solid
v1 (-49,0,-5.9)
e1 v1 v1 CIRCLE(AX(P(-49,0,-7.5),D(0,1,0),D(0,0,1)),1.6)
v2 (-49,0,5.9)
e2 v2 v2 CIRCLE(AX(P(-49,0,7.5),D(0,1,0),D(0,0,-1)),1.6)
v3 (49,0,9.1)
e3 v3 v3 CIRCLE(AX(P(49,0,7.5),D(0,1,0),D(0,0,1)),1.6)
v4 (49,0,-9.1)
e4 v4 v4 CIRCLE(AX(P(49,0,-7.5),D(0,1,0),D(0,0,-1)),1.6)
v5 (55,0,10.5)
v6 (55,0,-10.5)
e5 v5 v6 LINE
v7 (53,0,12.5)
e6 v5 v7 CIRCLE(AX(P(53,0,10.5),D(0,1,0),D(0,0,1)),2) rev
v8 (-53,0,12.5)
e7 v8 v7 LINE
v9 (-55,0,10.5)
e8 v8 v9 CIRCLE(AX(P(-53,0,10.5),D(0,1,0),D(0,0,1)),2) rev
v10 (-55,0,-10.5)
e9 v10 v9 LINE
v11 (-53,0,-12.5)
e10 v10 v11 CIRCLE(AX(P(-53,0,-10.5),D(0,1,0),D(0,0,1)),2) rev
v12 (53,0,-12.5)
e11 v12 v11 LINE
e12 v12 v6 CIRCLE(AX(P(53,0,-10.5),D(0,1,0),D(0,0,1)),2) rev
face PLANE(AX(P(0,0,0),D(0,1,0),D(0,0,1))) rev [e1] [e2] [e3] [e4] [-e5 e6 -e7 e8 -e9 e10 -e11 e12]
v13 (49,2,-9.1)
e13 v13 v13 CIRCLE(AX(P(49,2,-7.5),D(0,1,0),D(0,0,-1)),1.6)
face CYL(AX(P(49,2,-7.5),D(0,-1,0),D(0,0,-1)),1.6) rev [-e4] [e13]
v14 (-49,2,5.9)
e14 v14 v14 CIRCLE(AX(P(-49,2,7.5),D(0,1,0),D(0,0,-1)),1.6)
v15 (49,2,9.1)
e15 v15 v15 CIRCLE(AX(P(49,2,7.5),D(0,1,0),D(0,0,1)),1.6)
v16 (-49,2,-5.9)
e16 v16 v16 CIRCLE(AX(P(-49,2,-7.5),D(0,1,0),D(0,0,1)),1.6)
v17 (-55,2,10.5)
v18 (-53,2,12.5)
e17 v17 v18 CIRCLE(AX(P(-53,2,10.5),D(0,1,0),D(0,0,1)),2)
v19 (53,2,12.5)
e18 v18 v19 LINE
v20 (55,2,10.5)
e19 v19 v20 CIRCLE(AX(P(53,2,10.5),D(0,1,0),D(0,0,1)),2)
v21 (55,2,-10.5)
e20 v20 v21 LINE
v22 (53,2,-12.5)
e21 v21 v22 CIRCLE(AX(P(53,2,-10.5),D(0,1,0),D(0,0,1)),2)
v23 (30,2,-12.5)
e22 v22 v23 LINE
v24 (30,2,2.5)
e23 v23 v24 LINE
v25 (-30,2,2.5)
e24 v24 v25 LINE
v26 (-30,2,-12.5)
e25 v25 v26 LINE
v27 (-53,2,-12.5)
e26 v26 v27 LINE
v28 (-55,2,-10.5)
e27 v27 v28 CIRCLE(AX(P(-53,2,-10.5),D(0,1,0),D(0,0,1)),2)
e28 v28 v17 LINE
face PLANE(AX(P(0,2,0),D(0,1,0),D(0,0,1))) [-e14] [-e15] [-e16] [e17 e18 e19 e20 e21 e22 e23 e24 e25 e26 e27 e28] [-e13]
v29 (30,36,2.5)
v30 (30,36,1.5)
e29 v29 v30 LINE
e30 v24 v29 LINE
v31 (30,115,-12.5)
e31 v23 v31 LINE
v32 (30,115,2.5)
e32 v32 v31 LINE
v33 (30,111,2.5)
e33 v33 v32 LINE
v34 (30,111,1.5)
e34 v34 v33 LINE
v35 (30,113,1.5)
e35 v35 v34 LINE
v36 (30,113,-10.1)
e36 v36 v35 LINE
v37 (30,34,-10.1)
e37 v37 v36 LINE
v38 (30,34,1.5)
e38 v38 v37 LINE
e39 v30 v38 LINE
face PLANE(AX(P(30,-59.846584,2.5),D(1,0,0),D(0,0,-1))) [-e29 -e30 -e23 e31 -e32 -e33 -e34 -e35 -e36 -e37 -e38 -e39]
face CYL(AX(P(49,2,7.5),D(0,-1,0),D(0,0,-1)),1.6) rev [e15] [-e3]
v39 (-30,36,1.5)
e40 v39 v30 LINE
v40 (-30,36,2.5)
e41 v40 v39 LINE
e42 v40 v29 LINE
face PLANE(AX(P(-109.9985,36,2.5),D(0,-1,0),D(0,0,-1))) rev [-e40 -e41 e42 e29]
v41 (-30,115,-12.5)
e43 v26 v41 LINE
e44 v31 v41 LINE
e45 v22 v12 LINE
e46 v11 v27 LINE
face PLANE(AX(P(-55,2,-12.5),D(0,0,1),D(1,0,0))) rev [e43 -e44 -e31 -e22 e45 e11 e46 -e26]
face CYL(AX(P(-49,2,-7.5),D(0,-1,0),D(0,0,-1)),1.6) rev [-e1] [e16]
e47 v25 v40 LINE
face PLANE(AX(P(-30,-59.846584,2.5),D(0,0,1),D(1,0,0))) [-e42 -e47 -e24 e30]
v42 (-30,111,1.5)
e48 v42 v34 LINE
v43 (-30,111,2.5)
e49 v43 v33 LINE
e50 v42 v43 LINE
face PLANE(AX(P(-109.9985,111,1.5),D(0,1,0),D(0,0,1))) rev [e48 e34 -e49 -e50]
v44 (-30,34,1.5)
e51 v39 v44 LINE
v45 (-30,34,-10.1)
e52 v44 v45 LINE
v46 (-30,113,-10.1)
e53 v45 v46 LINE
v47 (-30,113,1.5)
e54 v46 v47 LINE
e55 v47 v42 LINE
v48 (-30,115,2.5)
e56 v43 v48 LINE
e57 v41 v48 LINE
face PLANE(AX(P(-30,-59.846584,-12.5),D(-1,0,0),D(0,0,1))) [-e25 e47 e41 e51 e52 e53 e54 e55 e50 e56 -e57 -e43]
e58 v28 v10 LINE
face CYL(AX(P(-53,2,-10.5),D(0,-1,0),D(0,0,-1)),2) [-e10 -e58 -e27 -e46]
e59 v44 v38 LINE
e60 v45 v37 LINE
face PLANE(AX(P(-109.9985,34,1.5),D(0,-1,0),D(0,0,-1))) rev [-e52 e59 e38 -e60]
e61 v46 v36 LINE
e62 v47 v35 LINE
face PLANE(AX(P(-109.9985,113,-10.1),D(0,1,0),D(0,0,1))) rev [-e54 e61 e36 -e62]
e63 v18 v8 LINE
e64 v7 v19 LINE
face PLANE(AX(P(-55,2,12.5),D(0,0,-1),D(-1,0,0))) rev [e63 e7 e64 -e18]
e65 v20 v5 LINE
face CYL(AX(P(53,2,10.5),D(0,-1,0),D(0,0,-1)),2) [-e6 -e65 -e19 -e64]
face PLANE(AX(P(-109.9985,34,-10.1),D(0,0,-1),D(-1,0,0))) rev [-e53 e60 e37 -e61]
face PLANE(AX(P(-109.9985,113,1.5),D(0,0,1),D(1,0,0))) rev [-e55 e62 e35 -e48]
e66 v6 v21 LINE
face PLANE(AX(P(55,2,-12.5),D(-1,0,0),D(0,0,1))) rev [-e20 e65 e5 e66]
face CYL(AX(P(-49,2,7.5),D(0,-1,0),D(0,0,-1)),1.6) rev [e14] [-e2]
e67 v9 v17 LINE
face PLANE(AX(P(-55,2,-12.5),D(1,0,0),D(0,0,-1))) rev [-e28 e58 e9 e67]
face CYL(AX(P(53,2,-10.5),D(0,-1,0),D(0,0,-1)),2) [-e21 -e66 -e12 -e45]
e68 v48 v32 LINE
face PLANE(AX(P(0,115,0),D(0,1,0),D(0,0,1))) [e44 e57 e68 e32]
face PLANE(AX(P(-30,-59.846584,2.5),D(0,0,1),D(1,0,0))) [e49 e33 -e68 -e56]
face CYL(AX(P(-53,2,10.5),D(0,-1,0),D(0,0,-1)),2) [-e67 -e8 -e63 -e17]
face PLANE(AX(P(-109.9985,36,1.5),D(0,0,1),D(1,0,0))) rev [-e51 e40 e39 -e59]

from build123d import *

# Parameters (mm, degrees)
SKETCH_1_W          = 110
SKETCH_1_H          = 25
SKETCH_1_R          = 1.6
EXTRUDE_1_DEPTH     = 2
SKETCH_2_W          = 60
SKETCH_2_H          = 15
EXTRUDE_2_DEPTH     = 113
CUT_EXTRUDE_1_DEPTH = 60
FILLET_1_R          = 2
FILLET_2_R          = 2
FILLET_3_R          = 2
FILLET_4_R          = 2


with BuildPart() as part:
    # 草图1 → 凸台-拉伸1 (new body)
    with BuildSketch(Plane(origin=(0, 0, 0), x_dir=(1, 0, 0), z_dir=(0, 1, 0))):
        Rectangle(SKETCH_1_W, SKETCH_1_H)
        with Locations(Location((-49, 7.5, 0), (0, 0, 270))):
            Circle(SKETCH_1_R, mode=Mode.SUBTRACT)
        with Locations(Location((49, 7.5, 0), (0, 0, 90))):
            Circle(SKETCH_1_R, mode=Mode.SUBTRACT)
        with Locations(Location((49, -7.5, 0), (0, 0, 270))):
            Circle(SKETCH_1_R, mode=Mode.SUBTRACT)
        with Locations(Location((-49, -7.5, 0), (0, 0, 90))):
            Circle(SKETCH_1_R, mode=Mode.SUBTRACT)
    extrude(amount=EXTRUDE_1_DEPTH)

    # 草图2 → 凸台-拉伸2 (add)
    with BuildSketch(Plane(origin=(0, 115, 0), x_dir=(1, 0, 0), z_dir=(0, 1, 0))):
        with Locations((0, 5)):
            Rectangle(SKETCH_2_W, SKETCH_2_H)
    extrude(amount=-EXTRUDE_2_DEPTH)

    # 草图3 → 切除-拉伸1 (cut)
    with BuildSketch(Plane(origin=(30, 0, 0), x_dir=(0, 0, -1), z_dir=(1, 0, 0))):
        Polygon((-2.5, 36), (-1.5, 36), (-1.5, 34), (10.1, 34), (10.1, 113), (-1.5, 113), (-1.5, 111), (-2.5, 111), align=None)
    extrude(amount=-CUT_EXTRUDE_1_DEPTH, mode=Mode.SUBTRACT)

    # 圆角1
    fillet_1_edges = [part.edges().sort_by_distance(p)[0] for p in [
        (55, 1, 12.5),
    ]]
    fillet(fillet_1_edges, radius=FILLET_1_R)

    # 圆角2
    fillet_2_edges = [part.edges().sort_by_distance(p)[0] for p in [
        (55, 1, -12.5),
    ]]
    fillet(fillet_2_edges, radius=FILLET_2_R)

    # 圆角3
    fillet_3_edges = [part.edges().sort_by_distance(p)[0] for p in [
        (-55, 1, -12.5),
    ]]
    fillet(fillet_3_edges, radius=FILLET_3_R)

    # 圆角4
    fillet_4_edges = [part.edges().sort_by_distance(p)[0] for p in [
        (-55, 1, 12.5),
    ]]
    fillet(fillet_4_edges, radius=FILLET_4_R)


solid = part.part
